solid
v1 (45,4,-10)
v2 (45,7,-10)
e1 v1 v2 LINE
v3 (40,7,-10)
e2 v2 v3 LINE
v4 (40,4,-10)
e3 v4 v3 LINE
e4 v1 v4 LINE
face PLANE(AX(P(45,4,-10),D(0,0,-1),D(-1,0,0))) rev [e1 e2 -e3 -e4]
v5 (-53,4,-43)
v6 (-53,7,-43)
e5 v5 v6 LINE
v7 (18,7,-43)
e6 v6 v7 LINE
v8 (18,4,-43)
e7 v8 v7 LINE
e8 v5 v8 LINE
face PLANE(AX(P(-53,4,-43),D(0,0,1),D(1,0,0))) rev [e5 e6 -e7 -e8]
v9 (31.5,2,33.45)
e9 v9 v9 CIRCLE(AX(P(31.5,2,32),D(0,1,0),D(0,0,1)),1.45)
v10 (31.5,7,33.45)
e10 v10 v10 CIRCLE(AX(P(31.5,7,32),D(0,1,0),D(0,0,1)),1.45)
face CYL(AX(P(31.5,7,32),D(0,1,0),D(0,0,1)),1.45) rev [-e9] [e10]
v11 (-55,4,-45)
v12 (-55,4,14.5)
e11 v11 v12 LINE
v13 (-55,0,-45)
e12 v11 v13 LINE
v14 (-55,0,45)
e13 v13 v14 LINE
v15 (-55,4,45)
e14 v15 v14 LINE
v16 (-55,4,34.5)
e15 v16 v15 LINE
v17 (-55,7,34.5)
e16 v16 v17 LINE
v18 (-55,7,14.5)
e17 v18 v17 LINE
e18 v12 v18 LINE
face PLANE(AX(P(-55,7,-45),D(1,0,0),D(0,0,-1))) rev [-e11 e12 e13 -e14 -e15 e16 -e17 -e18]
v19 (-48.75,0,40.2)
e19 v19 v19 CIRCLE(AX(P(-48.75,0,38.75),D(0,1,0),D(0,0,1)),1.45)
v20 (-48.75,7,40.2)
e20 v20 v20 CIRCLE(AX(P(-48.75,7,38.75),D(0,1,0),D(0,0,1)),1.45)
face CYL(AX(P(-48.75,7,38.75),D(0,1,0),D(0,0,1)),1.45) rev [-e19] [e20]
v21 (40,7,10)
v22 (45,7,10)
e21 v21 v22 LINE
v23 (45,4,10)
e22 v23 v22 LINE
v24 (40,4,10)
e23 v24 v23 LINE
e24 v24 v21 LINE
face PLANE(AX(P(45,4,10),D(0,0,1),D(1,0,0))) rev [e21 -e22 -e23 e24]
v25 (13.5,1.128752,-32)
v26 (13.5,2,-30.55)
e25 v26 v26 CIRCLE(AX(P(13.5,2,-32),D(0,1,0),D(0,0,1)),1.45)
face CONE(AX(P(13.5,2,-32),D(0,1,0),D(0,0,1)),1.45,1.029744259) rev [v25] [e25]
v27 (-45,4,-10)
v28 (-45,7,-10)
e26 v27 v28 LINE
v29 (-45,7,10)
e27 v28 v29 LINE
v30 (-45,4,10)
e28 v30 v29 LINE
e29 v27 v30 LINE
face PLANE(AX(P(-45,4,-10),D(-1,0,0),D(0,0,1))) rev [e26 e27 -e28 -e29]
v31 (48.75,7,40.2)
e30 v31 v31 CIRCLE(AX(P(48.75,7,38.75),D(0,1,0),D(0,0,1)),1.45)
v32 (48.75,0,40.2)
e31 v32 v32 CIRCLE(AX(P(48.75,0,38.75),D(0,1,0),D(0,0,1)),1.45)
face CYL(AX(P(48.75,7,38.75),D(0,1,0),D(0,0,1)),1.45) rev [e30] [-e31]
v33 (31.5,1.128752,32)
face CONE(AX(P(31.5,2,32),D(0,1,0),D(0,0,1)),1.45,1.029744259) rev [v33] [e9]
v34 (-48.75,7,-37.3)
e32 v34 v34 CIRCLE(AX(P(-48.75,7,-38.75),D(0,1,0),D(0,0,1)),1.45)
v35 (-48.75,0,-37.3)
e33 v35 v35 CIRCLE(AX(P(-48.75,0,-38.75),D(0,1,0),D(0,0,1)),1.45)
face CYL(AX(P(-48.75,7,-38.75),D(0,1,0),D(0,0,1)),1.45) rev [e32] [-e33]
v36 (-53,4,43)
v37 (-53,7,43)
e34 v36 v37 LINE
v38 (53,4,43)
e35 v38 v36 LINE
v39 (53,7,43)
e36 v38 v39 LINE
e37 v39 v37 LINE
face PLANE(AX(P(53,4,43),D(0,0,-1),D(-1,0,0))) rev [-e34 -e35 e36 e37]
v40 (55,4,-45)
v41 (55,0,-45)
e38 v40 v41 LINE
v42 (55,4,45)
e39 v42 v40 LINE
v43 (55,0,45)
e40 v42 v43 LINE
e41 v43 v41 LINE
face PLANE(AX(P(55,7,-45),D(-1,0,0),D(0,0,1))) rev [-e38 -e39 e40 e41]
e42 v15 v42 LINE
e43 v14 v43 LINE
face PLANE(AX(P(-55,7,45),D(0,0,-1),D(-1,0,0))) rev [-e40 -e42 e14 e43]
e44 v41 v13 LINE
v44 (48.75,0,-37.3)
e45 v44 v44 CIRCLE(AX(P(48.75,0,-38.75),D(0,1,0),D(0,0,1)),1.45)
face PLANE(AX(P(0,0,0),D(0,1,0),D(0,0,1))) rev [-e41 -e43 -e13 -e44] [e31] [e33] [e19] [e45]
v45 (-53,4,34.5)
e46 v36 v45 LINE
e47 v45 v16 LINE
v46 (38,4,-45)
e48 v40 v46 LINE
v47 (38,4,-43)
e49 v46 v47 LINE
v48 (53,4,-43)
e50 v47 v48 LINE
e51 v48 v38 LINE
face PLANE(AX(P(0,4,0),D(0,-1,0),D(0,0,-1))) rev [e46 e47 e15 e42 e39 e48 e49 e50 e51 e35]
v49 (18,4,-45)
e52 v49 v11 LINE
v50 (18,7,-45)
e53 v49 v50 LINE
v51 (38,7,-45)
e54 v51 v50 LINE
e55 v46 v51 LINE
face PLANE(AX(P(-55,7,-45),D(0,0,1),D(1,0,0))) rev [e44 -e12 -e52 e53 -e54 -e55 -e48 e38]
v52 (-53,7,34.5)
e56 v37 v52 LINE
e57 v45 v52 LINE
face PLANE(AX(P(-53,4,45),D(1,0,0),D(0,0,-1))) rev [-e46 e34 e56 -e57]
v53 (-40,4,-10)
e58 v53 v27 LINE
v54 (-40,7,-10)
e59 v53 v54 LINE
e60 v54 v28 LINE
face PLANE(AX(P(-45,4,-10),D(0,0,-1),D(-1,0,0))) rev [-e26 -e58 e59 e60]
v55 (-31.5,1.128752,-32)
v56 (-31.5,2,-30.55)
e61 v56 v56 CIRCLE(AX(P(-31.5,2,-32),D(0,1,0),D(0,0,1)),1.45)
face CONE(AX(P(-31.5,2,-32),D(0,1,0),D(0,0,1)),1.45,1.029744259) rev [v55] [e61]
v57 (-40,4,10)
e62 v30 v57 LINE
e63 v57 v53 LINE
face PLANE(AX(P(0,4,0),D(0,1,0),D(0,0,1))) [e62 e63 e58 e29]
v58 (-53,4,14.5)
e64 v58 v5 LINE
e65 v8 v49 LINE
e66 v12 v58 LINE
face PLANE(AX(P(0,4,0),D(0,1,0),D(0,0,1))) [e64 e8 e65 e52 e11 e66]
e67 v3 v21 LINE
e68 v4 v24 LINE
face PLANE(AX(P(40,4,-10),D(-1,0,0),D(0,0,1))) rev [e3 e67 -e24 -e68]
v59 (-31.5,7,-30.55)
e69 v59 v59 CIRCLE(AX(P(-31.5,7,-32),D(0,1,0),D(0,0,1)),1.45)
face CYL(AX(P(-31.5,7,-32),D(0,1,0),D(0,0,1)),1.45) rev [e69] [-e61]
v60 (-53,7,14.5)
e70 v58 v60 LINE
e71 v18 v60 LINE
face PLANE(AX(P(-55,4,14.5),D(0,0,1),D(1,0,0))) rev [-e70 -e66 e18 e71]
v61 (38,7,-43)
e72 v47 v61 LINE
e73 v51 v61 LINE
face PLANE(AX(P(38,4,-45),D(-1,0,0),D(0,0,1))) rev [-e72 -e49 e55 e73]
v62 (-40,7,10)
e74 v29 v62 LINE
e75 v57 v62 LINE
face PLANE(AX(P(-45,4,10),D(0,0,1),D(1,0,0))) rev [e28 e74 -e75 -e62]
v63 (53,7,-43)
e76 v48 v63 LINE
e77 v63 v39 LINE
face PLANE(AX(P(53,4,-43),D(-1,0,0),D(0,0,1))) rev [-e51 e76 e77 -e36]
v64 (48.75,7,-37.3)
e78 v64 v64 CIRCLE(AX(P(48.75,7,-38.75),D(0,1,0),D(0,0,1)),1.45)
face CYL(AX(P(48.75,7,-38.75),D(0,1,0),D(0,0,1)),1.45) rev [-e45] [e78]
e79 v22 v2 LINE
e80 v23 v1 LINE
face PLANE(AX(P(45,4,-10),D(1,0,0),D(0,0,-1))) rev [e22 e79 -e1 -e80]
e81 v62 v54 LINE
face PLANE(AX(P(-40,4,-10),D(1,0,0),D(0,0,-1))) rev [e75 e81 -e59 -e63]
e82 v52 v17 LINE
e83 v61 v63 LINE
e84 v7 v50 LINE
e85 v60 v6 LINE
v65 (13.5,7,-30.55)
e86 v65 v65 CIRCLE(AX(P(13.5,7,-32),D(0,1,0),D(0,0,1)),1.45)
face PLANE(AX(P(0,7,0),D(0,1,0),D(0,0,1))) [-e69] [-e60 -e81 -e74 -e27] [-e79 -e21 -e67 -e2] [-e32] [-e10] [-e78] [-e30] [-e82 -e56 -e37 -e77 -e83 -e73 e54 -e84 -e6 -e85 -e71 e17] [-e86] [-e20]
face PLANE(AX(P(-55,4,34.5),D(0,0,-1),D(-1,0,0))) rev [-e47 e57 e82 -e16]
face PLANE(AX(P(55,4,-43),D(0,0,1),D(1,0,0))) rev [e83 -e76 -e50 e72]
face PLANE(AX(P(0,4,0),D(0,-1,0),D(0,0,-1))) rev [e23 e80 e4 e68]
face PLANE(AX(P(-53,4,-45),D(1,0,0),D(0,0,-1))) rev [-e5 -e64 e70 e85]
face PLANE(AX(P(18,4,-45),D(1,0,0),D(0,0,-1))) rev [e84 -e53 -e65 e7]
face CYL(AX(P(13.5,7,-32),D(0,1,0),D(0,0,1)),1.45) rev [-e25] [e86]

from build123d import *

# Parameters (mm, degrees)
SKETCH1_W                  = 110
SKETCH1_H                  = 90
BOSS_EXTRUDE1_DEPTH        = 7
M2_5_CLEARANCE_HOLE1_D     = 2.9
M2_5_CLEARANCE_HOLE1_DEPTH = 5
M2_5_CLEARANCE_HOLE1_TIP   = 0.871247898
SKETCH8_W                  = 5
SKETCH8_H                  = 20
CUT_EXTRUDE5_DEPTH         = 3
SKETCH10_W                 = 2
SKETCH10_H                 = 59.5
SKETCH10_H_2               = 10.5
CUT_EXTRUDE6_DEPTH         = 3
SKETCH11_W                 = 71
SKETCH11_H                 = 2
SKETCH11_W_2               = 17
CUT_EXTRUDE7_DEPTH         = 3
SKETCH12_W                 = 2
SKETCH12_H                 = 88
CUT_EXTRUDE8_DEPTH         = 3
SKETCH13_W                 = 106
SKETCH13_H                 = 2
CUT_EXTRUDE9_DEPTH         = 3
M2_5_CLEARANCE_HOLE2_D     = 2.9


with BuildPart() as part:
    # Sketch1 → Boss-Extrude1 (new body)
    with BuildSketch(Plane(origin=(0, 0, 0), x_dir=(1, 0, 0), z_dir=(0, 1, 0))):
        Rectangle(SKETCH1_W, SKETCH1_H)
    extrude(amount=BOSS_EXTRUDE1_DEPTH)

    # M2.5 Clearance Hole1
    with Locations(Plane(origin=(0, 7, 0), x_dir=(1, 0, 0), z_dir=(0, 1, 0))):
        with Locations((-31.5, 32), (13.5, 32), (31.5, -32)):
            Hole(M2_5_CLEARANCE_HOLE1_D / 2, depth=M2_5_CLEARANCE_HOLE1_DEPTH)
            with Locations((0, 0, -(M2_5_CLEARANCE_HOLE1_DEPTH + M2_5_CLEARANCE_HOLE1_TIP / 2))):  # 118° drill point
                Cone(0, M2_5_CLEARANCE_HOLE1_D / 2, M2_5_CLEARANCE_HOLE1_TIP, mode=Mode.SUBTRACT)

    # Sketch8 → Cut-Extrude5 (cut)
    with BuildSketch(Plane(origin=(0, 7, 0), x_dir=(1, 0, 0), z_dir=(0, 1, 0))):
        with Locations((-42.5, 0)):
            Rectangle(SKETCH8_W, SKETCH8_H)
        with Locations((42.5, 0)):
            Rectangle(SKETCH8_W, SKETCH8_H)
    extrude(amount=-CUT_EXTRUDE5_DEPTH, mode=Mode.SUBTRACT)

    # Sketch10 → Cut-Extrude6 (cut)
    with BuildSketch(Plane(origin=(0, 7, 0), x_dir=(1, 0, 0), z_dir=(0, 1, 0))):
        with Locations((-54, 15.25)):
            Rectangle(SKETCH10_W, SKETCH10_H)
        with Locations((-54, -39.75)):
            Rectangle(SKETCH10_W, SKETCH10_H_2)
    extrude(amount=-CUT_EXTRUDE6_DEPTH, mode=Mode.SUBTRACT)

    # Sketch11 → Cut-Extrude7 (cut)
    with BuildSketch(Plane(origin=(0, 7, 0), x_dir=(1, 0, 0), z_dir=(0, 1, 0))):
        with Locations((-17.5, 44)):
            Rectangle(SKETCH11_W, SKETCH11_H)
        with Locations((46.5, 44)):
            Rectangle(SKETCH11_W_2, SKETCH11_H)
    extrude(amount=-CUT_EXTRUDE7_DEPTH, mode=Mode.SUBTRACT)

    # Sketch12 → Cut-Extrude8 (cut)
    with BuildSketch(Plane(origin=(0, 7, 0), x_dir=(1, 0, 0), z_dir=(0, 1, 0))):
        with Locations((54, -1)):
            Rectangle(SKETCH12_W, SKETCH12_H)
    extrude(amount=-CUT_EXTRUDE8_DEPTH, mode=Mode.SUBTRACT)

    # Sketch13 → Cut-Extrude9 (cut)
    with BuildSketch(Plane(origin=(0, 7, 0), x_dir=(1, 0, 0), z_dir=(0, 1, 0))):
        with Locations((0, -44)):
            Rectangle(SKETCH13_W, SKETCH13_H)
    extrude(amount=-CUT_EXTRUDE9_DEPTH, mode=Mode.SUBTRACT)

    # M2.5 Clearance Hole2 (through all)
    with Locations(Plane(origin=(0, 7, 0), x_dir=(1, 0, 0), z_dir=(0, 1, 0))):
        with Locations((48.75, 38.75), (-48.75, 38.75), (48.75, -38.75), (-48.75, -38.75)):
            Hole(M2_5_CLEARANCE_HOLE2_D / 2)


solid = part.part
